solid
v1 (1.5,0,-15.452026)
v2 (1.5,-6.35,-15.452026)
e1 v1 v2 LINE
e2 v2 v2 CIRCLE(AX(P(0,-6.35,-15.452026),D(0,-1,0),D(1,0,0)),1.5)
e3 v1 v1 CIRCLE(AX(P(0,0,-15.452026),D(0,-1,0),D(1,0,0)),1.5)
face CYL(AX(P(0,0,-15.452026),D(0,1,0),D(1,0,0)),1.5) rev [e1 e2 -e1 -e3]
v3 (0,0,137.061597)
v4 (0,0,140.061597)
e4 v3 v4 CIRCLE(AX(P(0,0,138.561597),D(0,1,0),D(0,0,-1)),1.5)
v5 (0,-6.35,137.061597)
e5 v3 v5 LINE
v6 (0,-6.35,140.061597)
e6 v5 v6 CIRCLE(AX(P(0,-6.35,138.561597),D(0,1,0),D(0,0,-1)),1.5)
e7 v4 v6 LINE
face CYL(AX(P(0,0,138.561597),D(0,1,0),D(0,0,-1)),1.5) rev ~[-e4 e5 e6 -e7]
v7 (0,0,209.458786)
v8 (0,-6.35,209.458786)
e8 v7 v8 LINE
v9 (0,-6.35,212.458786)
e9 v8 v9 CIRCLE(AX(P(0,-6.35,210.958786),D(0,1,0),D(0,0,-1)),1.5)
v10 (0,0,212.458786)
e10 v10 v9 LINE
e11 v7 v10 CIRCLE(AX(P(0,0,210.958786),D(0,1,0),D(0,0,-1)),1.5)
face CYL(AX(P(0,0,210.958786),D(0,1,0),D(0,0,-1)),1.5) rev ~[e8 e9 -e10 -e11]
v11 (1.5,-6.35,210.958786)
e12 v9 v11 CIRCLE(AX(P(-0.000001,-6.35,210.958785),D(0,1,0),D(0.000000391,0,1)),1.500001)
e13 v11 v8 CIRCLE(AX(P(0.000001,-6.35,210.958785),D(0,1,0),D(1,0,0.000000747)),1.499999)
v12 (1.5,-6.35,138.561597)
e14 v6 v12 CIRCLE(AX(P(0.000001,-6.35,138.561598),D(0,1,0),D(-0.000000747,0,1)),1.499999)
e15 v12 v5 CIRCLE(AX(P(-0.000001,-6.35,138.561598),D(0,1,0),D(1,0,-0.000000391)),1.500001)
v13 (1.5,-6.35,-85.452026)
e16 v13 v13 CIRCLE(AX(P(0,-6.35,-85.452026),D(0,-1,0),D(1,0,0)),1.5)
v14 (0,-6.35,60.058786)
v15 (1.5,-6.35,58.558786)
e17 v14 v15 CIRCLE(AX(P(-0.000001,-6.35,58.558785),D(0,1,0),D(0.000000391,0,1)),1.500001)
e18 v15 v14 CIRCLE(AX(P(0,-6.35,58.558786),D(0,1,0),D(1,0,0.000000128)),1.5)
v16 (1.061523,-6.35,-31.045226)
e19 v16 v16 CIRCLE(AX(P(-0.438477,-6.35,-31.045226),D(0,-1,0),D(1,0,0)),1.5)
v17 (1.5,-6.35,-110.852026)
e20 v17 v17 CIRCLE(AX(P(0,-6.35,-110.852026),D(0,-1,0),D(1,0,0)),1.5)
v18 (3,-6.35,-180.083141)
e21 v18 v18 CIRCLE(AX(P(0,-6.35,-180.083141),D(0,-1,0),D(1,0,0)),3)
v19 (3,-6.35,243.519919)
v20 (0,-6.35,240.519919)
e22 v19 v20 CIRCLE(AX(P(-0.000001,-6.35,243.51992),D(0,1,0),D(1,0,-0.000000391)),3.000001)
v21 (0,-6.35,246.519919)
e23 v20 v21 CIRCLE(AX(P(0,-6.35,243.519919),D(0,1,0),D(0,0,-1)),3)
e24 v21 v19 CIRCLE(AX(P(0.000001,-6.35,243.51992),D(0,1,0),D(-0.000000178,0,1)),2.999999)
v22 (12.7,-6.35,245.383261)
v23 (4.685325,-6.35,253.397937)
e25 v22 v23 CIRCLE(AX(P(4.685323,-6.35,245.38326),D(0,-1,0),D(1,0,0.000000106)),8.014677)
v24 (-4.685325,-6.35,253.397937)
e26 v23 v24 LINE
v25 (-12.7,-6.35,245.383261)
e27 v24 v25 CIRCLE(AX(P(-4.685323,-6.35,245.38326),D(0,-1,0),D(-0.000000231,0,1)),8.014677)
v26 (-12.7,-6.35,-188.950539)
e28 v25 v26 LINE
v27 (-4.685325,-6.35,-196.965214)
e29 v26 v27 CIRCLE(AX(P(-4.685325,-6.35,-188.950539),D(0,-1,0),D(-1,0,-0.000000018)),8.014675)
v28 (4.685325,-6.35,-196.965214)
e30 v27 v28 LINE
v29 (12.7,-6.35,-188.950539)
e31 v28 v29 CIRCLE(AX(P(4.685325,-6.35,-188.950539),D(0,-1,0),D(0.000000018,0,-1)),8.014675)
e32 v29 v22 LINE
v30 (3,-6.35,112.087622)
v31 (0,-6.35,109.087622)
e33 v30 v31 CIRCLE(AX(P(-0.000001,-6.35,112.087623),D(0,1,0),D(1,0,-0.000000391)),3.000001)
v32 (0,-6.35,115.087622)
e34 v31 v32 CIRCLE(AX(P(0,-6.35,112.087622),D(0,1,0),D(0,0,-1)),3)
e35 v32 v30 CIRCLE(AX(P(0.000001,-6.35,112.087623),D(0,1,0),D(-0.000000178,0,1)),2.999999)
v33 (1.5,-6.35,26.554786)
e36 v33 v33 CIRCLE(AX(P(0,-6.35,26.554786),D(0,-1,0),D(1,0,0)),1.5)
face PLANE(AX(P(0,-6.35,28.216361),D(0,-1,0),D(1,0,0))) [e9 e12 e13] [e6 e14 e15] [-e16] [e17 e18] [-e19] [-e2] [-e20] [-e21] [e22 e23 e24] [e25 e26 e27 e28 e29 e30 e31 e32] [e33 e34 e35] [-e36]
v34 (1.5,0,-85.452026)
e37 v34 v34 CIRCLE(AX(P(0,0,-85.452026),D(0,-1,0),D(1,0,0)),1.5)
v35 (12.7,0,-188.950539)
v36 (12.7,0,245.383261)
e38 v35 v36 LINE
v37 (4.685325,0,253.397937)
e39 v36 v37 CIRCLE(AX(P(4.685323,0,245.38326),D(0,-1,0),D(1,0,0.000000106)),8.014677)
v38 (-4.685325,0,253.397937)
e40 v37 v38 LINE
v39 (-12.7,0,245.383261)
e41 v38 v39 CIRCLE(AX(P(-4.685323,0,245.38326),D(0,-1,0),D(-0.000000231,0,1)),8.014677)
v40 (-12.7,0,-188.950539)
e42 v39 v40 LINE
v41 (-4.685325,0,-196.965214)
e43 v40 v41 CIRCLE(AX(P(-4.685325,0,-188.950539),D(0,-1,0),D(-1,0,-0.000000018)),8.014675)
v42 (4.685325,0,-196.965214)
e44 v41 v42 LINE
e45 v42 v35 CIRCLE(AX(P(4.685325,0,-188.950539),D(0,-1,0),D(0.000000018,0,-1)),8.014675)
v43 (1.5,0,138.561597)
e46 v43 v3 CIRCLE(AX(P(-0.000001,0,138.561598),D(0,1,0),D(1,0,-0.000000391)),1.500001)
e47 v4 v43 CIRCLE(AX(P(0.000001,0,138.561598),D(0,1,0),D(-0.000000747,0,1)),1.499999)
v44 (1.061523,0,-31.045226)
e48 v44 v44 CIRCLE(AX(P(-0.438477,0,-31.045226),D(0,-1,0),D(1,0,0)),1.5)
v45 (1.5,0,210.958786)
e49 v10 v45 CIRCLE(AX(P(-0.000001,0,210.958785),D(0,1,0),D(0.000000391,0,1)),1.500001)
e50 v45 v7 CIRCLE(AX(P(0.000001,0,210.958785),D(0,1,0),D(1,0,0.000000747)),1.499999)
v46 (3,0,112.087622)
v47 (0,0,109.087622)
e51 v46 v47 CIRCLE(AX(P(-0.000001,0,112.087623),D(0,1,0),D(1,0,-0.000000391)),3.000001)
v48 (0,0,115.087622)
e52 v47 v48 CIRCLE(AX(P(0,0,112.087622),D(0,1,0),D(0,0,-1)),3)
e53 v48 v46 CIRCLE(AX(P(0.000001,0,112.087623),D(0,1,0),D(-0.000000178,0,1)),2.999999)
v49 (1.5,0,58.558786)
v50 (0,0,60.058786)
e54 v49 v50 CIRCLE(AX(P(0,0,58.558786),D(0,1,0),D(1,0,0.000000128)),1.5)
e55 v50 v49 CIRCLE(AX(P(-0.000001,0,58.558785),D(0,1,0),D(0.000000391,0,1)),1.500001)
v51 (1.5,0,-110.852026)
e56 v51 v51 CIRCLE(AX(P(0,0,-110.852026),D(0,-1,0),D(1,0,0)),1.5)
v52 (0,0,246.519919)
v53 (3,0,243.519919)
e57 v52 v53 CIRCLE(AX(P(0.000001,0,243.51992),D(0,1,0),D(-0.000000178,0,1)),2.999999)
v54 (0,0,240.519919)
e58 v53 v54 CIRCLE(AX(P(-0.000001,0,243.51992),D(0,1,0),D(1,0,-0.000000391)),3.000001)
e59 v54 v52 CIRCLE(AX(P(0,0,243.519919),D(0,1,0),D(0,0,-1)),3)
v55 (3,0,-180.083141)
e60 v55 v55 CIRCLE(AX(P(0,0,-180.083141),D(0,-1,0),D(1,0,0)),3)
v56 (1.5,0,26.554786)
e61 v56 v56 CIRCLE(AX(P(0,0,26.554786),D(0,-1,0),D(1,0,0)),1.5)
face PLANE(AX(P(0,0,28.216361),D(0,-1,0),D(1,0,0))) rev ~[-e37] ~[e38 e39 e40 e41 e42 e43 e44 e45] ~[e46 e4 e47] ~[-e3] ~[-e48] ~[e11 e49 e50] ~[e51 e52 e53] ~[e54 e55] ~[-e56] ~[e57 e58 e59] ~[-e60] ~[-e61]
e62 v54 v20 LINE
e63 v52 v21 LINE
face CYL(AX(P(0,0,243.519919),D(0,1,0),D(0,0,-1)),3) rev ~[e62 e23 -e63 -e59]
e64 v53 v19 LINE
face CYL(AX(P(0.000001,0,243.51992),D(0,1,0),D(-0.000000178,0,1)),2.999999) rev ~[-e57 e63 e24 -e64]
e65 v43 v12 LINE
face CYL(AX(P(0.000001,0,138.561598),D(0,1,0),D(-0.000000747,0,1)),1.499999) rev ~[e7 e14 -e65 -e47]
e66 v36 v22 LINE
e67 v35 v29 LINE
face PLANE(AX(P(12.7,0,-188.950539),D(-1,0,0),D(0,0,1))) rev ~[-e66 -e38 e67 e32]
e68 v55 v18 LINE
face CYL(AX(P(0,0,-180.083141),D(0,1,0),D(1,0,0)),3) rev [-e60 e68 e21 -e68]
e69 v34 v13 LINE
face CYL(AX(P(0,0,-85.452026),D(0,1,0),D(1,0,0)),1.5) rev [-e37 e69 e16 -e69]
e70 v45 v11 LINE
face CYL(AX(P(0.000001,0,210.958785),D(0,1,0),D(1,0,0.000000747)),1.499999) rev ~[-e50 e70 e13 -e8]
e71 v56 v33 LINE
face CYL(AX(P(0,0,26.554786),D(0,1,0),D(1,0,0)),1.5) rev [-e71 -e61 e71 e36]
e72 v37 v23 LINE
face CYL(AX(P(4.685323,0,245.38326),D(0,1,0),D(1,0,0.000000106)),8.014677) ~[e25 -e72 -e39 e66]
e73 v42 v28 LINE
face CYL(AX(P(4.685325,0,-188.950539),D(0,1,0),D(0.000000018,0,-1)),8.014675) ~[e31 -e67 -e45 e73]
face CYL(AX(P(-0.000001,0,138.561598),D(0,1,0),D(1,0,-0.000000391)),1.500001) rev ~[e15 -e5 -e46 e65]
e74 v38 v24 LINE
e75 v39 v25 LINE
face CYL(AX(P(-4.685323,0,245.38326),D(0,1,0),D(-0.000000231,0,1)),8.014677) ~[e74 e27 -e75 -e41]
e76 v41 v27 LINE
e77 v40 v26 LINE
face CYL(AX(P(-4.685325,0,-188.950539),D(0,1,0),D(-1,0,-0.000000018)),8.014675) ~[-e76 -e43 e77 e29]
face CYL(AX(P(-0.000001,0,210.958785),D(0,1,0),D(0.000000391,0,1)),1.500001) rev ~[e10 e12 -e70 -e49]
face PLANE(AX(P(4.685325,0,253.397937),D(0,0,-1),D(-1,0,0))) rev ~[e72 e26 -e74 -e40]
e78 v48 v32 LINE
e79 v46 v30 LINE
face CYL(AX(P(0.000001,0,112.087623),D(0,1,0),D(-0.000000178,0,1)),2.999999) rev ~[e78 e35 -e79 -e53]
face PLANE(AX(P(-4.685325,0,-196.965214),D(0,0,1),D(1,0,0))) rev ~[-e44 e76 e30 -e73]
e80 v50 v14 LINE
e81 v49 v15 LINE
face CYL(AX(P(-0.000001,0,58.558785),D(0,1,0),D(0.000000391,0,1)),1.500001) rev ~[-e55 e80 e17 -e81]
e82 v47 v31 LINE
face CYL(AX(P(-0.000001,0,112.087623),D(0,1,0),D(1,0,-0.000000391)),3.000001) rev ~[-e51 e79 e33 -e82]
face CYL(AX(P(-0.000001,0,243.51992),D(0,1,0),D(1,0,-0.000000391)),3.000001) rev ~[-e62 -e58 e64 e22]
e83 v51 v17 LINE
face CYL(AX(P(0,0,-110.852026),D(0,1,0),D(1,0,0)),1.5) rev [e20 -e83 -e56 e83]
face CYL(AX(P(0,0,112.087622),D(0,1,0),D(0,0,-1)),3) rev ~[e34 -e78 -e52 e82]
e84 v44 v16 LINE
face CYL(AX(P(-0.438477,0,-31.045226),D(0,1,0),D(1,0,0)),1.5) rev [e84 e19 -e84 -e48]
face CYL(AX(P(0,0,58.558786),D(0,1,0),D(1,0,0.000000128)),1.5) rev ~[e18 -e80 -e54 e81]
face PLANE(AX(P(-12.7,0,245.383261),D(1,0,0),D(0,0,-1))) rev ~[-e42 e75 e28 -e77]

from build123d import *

# Parameters (mm, degrees)
F0_R     = 3
F0_R_2   = 1.5
F1_DEPTH = 6.35


with BuildPart() as f1:
    # F0 (on Front) → F1 (new body)
    with BuildSketch(Plane.XZ):
        with BuildLine():
            ThreePointArc((-12.7, -188.950539), (-10.352556, -194.61777), (-4.685325, -196.965214))
            Line((-4.685325, -196.965214), (4.685325, -196.965214))
            ThreePointArc((4.685325, -196.965214), (10.352556, -194.61777), (12.7, -188.950539))
            Line((12.7, -188.950539), (12.7, 245.383261))
            ThreePointArc((12.7, 245.383261), (10.352556, 251.050492), (4.685325, 253.397937))
            Line((4.685325, 253.397937), (0, 253.397937))
            Line((0, 253.397937), (-4.685325, 253.397937))
            ThreePointArc((-4.685325, 253.397937), (-10.352556, 251.050492), (-12.7, 245.383261))
            Line((-12.7, 245.383261), (-12.7, -188.950539))
        make_face()
        with Locations((0, -180.083141)):
            Circle(F0_R, mode=Mode.SUBTRACT)
        with Locations((0, -110.852026)):
            Circle(F0_R_2, mode=Mode.SUBTRACT)
        with Locations((0, -85.452026)):
            Circle(F0_R_2, mode=Mode.SUBTRACT)
        with Locations((-0.438477, -31.045226)):
            Circle(F0_R_2, mode=Mode.SUBTRACT)
        with Locations((0, -15.452026)):
            Circle(F0_R_2, mode=Mode.SUBTRACT)
        with Locations((0, 26.554786)):
            Circle(F0_R_2, mode=Mode.SUBTRACT)
        with BuildLine():
            ThreePointArc((1.5, 58.558786), (-1.06066, 57.498125), (0, 60.058786))
            ThreePointArc((0, 60.058786), (1.06066, 59.619446), (1.5, 58.558786))
        make_face(mode=Mode.SUBTRACT)
        with BuildLine():
            ThreePointArc((0, 109.087622), (-3, 112.087622), (0, 115.087622))
            ThreePointArc((0, 115.087622), (2.12132, 114.208943), (3, 112.087622))
            ThreePointArc((3, 112.087622), (2.12132, 109.966302), (0, 109.087622))
        make_face(mode=Mode.SUBTRACT)
        with BuildLine():
            ThreePointArc((0, 137.061597), (-1.5, 138.561597), (0, 140.061597))
            ThreePointArc((0, 140.061597), (1.06066, 139.622258), (1.5, 138.561597))
            ThreePointArc((1.5, 138.561597), (1.06066, 137.500937), (0, 137.061597))
        make_face(mode=Mode.SUBTRACT)
        with BuildLine():
            ThreePointArc((0, 209.458786), (-1.5, 210.958786), (0, 212.458786))
            ThreePointArc((0, 212.458786), (1.06066, 212.019446), (1.5, 210.958786))
            ThreePointArc((1.5, 210.958786), (1.06066, 209.898125), (0, 209.458786))
        make_face(mode=Mode.SUBTRACT)
        with BuildLine():
            ThreePointArc((0, 240.519919), (-3, 243.519919), (0, 246.519919))
            ThreePointArc((0, 246.519919), (2.12132, 245.64124), (3, 243.519919))
            ThreePointArc((3, 243.519919), (2.12132, 241.398599), (0, 240.519919))
        make_face(mode=Mode.SUBTRACT)
    extrude(amount=F1_DEPTH)


solid = f1.part
